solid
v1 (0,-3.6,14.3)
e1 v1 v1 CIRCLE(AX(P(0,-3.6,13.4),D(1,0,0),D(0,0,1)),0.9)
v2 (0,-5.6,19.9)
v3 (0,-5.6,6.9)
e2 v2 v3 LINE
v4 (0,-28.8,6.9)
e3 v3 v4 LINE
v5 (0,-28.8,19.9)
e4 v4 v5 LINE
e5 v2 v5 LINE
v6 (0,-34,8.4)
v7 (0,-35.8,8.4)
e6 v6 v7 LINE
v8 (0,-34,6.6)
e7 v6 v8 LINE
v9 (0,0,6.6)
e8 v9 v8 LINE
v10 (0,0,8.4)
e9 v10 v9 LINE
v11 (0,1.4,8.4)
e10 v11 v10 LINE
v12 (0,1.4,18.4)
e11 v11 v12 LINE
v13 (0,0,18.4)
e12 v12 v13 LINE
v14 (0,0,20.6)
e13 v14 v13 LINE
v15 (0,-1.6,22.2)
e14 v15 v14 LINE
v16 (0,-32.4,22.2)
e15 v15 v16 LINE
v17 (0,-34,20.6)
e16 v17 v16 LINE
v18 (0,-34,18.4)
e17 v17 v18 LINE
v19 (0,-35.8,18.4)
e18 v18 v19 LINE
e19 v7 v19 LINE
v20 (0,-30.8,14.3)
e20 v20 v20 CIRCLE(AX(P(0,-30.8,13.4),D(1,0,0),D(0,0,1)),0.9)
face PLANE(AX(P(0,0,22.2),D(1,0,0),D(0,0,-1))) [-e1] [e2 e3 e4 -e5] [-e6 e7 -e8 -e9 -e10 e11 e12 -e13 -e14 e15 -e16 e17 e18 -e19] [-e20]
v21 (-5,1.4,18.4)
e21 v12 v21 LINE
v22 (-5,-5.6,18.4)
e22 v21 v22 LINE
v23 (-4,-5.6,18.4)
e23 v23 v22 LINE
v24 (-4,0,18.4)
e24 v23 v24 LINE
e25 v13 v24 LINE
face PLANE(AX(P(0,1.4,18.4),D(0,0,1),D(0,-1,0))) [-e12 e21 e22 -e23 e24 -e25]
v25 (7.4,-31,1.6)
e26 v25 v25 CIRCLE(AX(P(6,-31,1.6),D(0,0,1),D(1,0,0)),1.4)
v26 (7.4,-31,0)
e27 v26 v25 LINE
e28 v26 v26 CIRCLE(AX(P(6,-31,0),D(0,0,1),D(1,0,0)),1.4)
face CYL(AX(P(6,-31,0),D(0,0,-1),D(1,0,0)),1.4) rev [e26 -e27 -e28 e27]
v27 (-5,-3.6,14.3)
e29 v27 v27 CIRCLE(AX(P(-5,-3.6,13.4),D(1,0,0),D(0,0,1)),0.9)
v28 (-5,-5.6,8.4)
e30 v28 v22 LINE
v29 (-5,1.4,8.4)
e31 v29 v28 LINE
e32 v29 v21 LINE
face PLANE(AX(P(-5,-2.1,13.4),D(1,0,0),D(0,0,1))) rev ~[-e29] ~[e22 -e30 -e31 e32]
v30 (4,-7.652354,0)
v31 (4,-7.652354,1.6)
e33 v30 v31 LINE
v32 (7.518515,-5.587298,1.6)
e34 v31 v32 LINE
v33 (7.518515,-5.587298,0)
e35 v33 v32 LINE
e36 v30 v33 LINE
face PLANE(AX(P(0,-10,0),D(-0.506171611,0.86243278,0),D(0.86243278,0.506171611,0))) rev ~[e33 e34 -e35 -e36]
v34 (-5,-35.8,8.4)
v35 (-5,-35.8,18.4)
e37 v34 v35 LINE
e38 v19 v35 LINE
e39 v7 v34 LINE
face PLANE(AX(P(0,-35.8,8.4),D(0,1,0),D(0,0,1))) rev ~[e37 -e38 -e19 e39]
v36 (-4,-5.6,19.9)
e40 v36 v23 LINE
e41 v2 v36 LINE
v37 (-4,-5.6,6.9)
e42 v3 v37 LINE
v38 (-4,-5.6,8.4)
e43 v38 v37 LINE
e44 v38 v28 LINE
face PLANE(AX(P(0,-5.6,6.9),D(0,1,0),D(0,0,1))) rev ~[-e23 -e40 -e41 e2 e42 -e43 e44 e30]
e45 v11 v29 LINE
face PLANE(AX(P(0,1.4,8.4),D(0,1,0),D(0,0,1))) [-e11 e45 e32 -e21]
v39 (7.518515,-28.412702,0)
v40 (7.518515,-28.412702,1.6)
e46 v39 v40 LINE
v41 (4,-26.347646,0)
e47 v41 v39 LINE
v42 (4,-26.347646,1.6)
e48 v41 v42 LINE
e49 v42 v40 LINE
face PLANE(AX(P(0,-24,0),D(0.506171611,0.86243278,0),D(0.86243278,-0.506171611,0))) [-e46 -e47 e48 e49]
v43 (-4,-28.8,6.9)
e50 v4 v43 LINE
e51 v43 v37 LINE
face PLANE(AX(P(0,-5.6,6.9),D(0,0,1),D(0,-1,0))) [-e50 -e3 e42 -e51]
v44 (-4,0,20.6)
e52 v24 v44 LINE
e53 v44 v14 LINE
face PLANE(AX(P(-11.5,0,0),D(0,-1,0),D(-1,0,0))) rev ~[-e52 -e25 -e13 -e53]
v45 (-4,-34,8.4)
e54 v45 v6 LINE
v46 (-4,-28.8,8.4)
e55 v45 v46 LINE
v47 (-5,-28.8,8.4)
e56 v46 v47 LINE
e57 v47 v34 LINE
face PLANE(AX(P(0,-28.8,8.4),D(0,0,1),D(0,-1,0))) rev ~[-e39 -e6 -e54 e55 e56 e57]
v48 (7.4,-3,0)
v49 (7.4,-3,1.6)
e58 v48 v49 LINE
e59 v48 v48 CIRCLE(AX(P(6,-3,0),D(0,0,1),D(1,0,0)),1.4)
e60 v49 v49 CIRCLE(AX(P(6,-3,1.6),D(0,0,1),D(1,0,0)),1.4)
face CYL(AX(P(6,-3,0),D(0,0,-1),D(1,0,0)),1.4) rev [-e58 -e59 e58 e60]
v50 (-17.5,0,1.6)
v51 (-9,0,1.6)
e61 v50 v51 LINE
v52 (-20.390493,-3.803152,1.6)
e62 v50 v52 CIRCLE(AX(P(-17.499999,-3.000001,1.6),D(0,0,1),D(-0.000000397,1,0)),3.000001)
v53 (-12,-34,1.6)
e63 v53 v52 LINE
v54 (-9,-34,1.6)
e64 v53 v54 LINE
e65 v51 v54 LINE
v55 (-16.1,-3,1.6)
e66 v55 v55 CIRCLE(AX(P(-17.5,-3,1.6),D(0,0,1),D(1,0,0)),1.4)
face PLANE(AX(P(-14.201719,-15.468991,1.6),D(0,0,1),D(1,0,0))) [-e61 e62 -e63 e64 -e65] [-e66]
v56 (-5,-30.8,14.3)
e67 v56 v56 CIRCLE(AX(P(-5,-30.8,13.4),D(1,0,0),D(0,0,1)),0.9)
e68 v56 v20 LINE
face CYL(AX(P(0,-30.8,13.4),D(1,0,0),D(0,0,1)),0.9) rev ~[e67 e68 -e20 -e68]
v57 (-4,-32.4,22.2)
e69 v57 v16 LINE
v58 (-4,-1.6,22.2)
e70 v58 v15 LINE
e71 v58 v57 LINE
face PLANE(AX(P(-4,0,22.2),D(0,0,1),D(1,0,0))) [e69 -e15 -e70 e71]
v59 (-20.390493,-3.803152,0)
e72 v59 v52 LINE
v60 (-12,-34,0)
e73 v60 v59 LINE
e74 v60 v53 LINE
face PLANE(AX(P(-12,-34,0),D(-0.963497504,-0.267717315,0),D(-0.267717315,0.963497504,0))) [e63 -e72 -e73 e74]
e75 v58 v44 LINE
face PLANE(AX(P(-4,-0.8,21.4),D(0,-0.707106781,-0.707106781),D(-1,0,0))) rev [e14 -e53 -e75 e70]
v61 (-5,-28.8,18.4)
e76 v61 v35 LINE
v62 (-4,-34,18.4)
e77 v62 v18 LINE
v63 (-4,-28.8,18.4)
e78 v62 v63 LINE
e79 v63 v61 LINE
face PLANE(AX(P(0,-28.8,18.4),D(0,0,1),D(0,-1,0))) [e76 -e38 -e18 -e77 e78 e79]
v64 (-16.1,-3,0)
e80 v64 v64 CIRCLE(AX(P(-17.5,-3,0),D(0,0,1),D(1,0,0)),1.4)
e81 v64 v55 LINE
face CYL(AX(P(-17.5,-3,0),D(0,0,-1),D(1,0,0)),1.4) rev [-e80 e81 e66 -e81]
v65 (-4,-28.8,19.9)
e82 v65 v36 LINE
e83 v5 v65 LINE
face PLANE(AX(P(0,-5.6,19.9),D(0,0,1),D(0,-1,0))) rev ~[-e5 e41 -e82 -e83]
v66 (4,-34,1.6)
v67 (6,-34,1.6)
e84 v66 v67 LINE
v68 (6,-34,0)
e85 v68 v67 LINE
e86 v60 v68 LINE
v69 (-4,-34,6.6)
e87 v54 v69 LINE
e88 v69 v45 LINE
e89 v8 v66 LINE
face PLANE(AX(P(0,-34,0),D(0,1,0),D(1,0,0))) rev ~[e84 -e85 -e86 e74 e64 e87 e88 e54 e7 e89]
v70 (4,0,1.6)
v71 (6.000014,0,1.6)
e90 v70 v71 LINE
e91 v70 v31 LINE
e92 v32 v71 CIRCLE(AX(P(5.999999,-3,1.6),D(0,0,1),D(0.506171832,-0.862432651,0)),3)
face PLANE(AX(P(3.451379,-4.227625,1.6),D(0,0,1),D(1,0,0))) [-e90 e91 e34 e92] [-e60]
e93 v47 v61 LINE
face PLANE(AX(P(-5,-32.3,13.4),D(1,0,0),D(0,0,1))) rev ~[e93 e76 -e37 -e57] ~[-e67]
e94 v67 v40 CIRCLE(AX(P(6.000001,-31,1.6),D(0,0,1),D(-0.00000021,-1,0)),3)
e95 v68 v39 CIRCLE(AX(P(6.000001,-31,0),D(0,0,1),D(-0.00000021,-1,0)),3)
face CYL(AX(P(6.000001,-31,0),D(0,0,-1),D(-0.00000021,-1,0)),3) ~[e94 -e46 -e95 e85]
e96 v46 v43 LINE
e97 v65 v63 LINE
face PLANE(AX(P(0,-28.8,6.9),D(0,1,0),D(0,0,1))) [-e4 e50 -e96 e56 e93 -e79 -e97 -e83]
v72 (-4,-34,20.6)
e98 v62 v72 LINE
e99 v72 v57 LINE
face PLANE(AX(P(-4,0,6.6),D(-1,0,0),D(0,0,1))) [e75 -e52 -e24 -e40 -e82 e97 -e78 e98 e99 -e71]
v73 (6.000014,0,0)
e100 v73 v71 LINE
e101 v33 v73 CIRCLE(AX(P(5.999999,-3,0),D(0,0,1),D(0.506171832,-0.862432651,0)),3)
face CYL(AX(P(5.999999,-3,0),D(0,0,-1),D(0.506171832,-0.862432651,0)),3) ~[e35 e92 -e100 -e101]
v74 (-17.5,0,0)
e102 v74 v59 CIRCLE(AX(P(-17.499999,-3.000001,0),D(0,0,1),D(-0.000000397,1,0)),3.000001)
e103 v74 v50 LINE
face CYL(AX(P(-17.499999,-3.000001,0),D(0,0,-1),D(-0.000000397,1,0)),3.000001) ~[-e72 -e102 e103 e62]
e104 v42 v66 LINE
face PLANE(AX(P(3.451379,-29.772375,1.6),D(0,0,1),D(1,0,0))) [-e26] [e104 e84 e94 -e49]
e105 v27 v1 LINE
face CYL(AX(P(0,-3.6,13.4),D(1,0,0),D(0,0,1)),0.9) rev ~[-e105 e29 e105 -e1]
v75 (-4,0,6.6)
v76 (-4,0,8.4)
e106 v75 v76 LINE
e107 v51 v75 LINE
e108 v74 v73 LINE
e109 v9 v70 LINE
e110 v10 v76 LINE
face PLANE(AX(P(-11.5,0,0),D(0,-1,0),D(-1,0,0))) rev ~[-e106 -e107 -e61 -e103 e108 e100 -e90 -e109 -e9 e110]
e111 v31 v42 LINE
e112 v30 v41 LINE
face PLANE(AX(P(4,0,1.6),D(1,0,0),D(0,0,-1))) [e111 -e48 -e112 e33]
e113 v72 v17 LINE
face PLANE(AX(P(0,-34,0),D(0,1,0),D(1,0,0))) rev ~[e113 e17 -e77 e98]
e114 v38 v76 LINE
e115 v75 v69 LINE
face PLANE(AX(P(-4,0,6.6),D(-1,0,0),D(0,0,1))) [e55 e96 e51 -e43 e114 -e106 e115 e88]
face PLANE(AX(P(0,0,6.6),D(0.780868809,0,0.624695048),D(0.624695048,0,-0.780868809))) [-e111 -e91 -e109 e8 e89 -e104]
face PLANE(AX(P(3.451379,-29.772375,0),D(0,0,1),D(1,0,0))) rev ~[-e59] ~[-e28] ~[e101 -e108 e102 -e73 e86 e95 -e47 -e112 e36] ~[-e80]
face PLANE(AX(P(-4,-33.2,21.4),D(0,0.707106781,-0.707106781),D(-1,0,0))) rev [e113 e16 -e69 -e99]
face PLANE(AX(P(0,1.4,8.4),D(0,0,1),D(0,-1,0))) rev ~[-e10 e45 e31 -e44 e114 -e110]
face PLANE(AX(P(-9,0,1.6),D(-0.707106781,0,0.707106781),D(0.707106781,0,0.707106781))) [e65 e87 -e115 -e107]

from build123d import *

# Parameters (mm, degrees)
PAD_DEPTH       = 34
SKETCH_R        = 0.9
POCKET_DEPTH    = 12.001
SKETCH003_W     = 13
SKETCH003_H     = 23.2
POCKET001_DEPTH = 12.001
SKETCH005_R     = 1.4
PAD001_DEPTH    = 1.6
SKETCH006_R     = 1.4
PAD002_DEPTH    = 1.6
SKETCH007_W     = 10
SKETCH007_H     = 7
SKETCH007_R     = 0.9
PAD003_DEPTH    = 5
CHAMFER_SIZE    = 1.6


with BuildPart() as part:
    # Sketch001 → Pad (new body)
    with BuildSketch(Plane.XZ):
        Polygon((-12, 1.6), (-9, 1.6), (-4, 6.6), (-4, 22.2), (0, 22.2), (0, 6.6), (4, 1.6), (4, 0), (-3.601763, 0), (-12, 0), align=None)
    extrude(amount=PAD_DEPTH)

    # Sketch → Pocket (cut, through all)
    with BuildSketch(Plane(origin=(0, 0, 0), x_dir=(0, 0, 1), z_dir=(1, 0, 0))):
        with Locations((13.4, 30.8)):
            Circle(SKETCH_R)
        with Locations((13.4, 3.6)):
            Circle(SKETCH_R)
    extrude(amount=-POCKET_DEPTH, mode=Mode.SUBTRACT)

    # Sketch003 (on DatumPlane) → Pocket001 (cut, through all)
    with BuildSketch(Plane(origin=(0, 0, 0), x_dir=(0, 0, 1), z_dir=(1, 0, 0))):
        with Locations((13.4, 17.2)):
            Rectangle(SKETCH003_W, SKETCH003_H)
    extrude(amount=-POCKET001_DEPTH, mode=Mode.SUBTRACT)

    # Sketch005 → Pad001 (join)
    with BuildSketch(Plane.XY):
        with BuildLine():
            ThreePointArc((-17.5, 0), (-19.888457, -1.184712), (-20.390493, -3.803152))
            Line((-12, -34), (-20.390493, -3.803152))
            Line((-11.5, -34), (-12, -34))
            Line((-11.5, 0), (-11.5, -34))
            Line((-11.5, 0), (-17.5, 0))
        make_face()
        with Locations((-17.5, -3)):
            Circle(SKETCH005_R, mode=Mode.SUBTRACT)
    extrude(amount=PAD001_DEPTH)

    # Sketch006 → Pad002 (join)
    with BuildSketch(Plane.XY):
        with BuildLine():
            ThreePointArc((6, -34), (8.894987, -31.786799), (7.518515, -28.412702))
            Line((0, -24), (7.518515, -28.412702))
            Line((0, -34), (0, -24))
            Line((0, -34), (6, -34))
        make_face()
        with Locations((6, -31)):
            Circle(SKETCH006_R, mode=Mode.SUBTRACT)
        with BuildLine():
            ThreePointArc((7.518515, -5.587298), (8.894988, -2.213208), (6.000014, 0))
            Line((0, 0), (6.000014, 0))
            Line((0, 0), (0, -10))
            Line((0, -10), (7.518515, -5.587298))
        make_face()
        with Locations((6, -3)):
            Circle(SKETCH006_R, mode=Mode.SUBTRACT)
    extrude(amount=PAD002_DEPTH)

    # Sketch007 (on Face3 of Pad002) → Pad003 (join)
    with BuildSketch(Plane(origin=(0, 0, 0), x_dir=(0, 0, 1), z_dir=(1, 0, 0))):
        with Locations((13.4, 32.3)):
            Rectangle(SKETCH007_W, SKETCH007_H)
        with Locations((13.4, 30.8)):
            Circle(SKETCH007_R, mode=Mode.SUBTRACT)
        with Locations((13.4, 2.1)):
            Rectangle(SKETCH007_W, SKETCH007_H)
        with Locations((13.4, 3.6)):
            Circle(SKETCH007_R, mode=Mode.SUBTRACT)
    extrude(amount=-PAD003_DEPTH)

    # Chamfer
    chamfer_edges = [part.edges().sort_by_distance(p)[0] for p in [
        (-2, 0, 22.2),
        (-2, -34, 22.2),
    ]]
    chamfer(chamfer_edges, length=CHAMFER_SIZE)


solid = part.part
